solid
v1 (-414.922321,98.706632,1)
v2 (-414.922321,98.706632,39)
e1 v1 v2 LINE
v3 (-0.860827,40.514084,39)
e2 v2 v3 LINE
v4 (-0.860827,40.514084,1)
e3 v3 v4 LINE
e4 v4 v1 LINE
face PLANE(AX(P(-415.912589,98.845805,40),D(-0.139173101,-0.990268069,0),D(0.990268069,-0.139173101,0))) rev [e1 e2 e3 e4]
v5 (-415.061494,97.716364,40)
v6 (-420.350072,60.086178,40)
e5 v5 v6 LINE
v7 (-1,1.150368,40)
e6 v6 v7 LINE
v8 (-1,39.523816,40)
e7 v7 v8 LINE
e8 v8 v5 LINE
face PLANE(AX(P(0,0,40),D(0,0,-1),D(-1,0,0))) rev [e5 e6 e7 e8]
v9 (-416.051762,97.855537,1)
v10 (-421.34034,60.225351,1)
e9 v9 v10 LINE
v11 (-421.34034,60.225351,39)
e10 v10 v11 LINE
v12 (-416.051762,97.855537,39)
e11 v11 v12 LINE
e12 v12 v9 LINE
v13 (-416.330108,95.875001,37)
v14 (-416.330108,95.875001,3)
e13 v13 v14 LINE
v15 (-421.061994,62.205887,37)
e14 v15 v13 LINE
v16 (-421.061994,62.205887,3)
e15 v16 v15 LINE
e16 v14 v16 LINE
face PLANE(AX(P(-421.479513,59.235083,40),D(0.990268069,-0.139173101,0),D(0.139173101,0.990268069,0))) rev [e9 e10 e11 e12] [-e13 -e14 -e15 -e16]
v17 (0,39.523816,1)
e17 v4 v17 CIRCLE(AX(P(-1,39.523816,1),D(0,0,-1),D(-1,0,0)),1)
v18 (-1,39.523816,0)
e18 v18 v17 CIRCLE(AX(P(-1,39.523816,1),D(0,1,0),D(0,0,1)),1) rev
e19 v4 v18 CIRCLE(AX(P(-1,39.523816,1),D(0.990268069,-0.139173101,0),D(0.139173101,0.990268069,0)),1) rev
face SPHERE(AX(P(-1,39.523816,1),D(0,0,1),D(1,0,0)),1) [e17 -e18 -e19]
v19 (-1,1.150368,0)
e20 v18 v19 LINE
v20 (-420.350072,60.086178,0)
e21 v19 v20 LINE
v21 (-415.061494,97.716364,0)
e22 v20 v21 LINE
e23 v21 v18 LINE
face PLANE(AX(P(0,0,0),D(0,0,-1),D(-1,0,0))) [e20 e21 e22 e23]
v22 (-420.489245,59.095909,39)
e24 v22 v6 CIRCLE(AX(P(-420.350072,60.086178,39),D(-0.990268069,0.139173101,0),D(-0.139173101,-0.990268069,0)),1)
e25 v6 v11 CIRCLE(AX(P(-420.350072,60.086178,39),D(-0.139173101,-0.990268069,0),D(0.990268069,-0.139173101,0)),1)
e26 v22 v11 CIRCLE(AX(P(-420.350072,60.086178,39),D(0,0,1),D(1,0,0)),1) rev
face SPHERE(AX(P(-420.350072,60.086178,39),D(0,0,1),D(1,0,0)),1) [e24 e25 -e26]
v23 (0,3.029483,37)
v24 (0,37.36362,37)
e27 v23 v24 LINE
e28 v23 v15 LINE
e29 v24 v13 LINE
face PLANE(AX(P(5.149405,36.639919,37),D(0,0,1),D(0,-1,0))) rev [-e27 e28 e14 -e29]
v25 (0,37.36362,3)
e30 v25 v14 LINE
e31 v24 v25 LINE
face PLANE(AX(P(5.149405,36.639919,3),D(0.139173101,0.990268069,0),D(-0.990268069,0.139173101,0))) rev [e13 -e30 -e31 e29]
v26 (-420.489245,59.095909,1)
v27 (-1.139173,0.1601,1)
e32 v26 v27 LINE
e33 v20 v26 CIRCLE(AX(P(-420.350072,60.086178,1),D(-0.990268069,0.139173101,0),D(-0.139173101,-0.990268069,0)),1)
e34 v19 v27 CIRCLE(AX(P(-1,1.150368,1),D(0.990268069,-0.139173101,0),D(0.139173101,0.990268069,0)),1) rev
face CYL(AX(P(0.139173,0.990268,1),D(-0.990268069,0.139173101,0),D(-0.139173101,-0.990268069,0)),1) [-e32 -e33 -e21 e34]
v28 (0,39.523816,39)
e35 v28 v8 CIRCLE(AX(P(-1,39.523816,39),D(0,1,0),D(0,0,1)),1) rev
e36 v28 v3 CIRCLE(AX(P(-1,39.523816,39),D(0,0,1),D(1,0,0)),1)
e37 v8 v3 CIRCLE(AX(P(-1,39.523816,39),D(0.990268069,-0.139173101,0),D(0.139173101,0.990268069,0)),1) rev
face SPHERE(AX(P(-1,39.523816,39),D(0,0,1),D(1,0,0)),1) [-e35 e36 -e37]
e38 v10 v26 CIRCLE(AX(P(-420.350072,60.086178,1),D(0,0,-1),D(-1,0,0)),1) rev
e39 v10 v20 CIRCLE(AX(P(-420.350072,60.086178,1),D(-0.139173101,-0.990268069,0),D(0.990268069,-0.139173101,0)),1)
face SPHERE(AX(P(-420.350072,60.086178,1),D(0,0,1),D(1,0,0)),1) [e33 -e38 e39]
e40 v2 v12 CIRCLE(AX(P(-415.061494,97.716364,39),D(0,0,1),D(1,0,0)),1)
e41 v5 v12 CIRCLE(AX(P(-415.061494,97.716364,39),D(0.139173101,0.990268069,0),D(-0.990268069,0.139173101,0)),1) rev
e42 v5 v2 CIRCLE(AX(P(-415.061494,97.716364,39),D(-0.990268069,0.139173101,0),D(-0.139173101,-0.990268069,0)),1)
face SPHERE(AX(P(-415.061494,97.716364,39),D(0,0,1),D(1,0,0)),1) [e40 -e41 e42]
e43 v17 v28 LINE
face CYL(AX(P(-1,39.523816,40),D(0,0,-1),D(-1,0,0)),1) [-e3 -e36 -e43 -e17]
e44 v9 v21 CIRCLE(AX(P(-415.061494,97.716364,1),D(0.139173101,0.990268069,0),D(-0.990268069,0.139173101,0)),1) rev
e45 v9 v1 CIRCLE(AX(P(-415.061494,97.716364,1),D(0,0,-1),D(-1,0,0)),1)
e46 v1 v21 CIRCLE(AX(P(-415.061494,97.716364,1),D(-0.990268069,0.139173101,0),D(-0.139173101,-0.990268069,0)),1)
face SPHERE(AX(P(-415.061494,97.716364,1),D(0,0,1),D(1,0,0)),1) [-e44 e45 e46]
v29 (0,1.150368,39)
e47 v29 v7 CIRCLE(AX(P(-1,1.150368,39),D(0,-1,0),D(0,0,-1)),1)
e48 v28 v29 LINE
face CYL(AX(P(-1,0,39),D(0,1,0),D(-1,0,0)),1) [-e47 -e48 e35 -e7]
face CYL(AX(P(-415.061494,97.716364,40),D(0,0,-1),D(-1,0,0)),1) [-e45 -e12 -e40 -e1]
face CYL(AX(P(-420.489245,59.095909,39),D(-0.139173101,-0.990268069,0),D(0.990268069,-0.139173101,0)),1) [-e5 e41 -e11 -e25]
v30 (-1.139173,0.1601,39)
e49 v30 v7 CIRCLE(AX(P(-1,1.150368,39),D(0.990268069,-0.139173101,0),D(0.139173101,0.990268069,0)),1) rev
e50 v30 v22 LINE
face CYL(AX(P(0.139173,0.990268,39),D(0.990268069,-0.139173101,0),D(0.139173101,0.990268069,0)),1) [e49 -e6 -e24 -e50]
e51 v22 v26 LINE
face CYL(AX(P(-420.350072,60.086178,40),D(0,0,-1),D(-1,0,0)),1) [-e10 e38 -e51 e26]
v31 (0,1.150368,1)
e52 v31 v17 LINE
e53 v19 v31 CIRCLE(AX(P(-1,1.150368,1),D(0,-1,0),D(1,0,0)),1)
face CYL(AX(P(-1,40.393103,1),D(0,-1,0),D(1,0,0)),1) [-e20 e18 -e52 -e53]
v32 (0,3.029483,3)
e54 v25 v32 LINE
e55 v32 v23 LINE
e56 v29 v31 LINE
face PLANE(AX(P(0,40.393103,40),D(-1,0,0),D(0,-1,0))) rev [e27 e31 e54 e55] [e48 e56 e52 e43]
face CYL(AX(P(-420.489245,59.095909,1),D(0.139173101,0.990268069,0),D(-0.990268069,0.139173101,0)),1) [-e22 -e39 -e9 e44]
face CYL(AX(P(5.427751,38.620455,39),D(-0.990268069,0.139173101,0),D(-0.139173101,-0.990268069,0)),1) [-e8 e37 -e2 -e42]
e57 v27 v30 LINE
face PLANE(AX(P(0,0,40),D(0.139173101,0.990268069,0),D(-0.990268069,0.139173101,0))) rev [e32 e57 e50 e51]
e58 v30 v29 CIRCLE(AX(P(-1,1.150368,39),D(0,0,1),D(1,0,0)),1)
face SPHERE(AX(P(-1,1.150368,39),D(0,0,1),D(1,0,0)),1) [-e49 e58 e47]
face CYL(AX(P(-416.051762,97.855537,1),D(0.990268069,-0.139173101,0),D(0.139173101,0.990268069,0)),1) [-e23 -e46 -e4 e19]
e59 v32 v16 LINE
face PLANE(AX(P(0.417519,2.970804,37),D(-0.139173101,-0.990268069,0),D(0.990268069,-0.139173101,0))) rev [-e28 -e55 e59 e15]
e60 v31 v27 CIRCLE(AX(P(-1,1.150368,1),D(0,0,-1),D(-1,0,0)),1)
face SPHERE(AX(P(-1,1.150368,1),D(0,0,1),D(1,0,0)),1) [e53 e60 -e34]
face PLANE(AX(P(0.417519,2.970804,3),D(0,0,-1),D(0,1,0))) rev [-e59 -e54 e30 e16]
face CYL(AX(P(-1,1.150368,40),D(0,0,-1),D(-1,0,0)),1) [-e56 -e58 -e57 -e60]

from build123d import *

# Parameters (mm, degrees)
BOSS_EXTRUDE1_DEPTH = 40
SKETCH2_W           = 34
SKETCH2_H           = 34
CUT_EXTRUDE1_DEPTH  = 428.497105029
FILLET1_R           = 1


with BuildPart() as part:
    # Sketch1 → Boss-Extrude1 (new body)
    with BuildSketch(Plane.XY):
        Polygon((0, 0), (-421.47951291, 59.235082554), (-415.912588871, 98.845805304), (0, 40.393102901), align=None)
    extrude(amount=BOSS_EXTRUDE1_DEPTH)

    # Sketch2 → Cut-Extrude1 (cut, through all)
    with BuildSketch(Plane(origin=(-421.47951291, 59.235082554, 0), x_dir=(0, 0, 1), z_dir=(-0.9902680687415704, 0.13917310096006613, 0))):
        with Locations((20, 20)):
            Rectangle(SKETCH2_W, SKETCH2_H)
    extrude(amount=-CUT_EXTRUDE1_DEPTH, mode=Mode.SUBTRACT)

    # Fillet1
    fillet1_edges = [part.edges().sort_by_distance(p)[0] for p in [
        (-418.696050891, 79.040443929, 40),
        (-210.739756455, 29.617541277, 40),
        (0, 20.19655145, 40),
        (-210.739756455, 29.617541277, 0),
        (-418.696050891, 79.040443929, 0),
        (-207.956294436, 69.619454102, 0),
        (0, 20.19655145, 0),
        (-207.956294436, 69.619454102, 40),
        (0, 0, 20),
        (-421.47951291, 59.235082554, 20),
        (-415.912588871, 98.845805304, 20),
        (0, 40.393102901, 20),
    ]]
    fillet(fillet1_edges, radius=FILLET1_R)


solid = part.part
